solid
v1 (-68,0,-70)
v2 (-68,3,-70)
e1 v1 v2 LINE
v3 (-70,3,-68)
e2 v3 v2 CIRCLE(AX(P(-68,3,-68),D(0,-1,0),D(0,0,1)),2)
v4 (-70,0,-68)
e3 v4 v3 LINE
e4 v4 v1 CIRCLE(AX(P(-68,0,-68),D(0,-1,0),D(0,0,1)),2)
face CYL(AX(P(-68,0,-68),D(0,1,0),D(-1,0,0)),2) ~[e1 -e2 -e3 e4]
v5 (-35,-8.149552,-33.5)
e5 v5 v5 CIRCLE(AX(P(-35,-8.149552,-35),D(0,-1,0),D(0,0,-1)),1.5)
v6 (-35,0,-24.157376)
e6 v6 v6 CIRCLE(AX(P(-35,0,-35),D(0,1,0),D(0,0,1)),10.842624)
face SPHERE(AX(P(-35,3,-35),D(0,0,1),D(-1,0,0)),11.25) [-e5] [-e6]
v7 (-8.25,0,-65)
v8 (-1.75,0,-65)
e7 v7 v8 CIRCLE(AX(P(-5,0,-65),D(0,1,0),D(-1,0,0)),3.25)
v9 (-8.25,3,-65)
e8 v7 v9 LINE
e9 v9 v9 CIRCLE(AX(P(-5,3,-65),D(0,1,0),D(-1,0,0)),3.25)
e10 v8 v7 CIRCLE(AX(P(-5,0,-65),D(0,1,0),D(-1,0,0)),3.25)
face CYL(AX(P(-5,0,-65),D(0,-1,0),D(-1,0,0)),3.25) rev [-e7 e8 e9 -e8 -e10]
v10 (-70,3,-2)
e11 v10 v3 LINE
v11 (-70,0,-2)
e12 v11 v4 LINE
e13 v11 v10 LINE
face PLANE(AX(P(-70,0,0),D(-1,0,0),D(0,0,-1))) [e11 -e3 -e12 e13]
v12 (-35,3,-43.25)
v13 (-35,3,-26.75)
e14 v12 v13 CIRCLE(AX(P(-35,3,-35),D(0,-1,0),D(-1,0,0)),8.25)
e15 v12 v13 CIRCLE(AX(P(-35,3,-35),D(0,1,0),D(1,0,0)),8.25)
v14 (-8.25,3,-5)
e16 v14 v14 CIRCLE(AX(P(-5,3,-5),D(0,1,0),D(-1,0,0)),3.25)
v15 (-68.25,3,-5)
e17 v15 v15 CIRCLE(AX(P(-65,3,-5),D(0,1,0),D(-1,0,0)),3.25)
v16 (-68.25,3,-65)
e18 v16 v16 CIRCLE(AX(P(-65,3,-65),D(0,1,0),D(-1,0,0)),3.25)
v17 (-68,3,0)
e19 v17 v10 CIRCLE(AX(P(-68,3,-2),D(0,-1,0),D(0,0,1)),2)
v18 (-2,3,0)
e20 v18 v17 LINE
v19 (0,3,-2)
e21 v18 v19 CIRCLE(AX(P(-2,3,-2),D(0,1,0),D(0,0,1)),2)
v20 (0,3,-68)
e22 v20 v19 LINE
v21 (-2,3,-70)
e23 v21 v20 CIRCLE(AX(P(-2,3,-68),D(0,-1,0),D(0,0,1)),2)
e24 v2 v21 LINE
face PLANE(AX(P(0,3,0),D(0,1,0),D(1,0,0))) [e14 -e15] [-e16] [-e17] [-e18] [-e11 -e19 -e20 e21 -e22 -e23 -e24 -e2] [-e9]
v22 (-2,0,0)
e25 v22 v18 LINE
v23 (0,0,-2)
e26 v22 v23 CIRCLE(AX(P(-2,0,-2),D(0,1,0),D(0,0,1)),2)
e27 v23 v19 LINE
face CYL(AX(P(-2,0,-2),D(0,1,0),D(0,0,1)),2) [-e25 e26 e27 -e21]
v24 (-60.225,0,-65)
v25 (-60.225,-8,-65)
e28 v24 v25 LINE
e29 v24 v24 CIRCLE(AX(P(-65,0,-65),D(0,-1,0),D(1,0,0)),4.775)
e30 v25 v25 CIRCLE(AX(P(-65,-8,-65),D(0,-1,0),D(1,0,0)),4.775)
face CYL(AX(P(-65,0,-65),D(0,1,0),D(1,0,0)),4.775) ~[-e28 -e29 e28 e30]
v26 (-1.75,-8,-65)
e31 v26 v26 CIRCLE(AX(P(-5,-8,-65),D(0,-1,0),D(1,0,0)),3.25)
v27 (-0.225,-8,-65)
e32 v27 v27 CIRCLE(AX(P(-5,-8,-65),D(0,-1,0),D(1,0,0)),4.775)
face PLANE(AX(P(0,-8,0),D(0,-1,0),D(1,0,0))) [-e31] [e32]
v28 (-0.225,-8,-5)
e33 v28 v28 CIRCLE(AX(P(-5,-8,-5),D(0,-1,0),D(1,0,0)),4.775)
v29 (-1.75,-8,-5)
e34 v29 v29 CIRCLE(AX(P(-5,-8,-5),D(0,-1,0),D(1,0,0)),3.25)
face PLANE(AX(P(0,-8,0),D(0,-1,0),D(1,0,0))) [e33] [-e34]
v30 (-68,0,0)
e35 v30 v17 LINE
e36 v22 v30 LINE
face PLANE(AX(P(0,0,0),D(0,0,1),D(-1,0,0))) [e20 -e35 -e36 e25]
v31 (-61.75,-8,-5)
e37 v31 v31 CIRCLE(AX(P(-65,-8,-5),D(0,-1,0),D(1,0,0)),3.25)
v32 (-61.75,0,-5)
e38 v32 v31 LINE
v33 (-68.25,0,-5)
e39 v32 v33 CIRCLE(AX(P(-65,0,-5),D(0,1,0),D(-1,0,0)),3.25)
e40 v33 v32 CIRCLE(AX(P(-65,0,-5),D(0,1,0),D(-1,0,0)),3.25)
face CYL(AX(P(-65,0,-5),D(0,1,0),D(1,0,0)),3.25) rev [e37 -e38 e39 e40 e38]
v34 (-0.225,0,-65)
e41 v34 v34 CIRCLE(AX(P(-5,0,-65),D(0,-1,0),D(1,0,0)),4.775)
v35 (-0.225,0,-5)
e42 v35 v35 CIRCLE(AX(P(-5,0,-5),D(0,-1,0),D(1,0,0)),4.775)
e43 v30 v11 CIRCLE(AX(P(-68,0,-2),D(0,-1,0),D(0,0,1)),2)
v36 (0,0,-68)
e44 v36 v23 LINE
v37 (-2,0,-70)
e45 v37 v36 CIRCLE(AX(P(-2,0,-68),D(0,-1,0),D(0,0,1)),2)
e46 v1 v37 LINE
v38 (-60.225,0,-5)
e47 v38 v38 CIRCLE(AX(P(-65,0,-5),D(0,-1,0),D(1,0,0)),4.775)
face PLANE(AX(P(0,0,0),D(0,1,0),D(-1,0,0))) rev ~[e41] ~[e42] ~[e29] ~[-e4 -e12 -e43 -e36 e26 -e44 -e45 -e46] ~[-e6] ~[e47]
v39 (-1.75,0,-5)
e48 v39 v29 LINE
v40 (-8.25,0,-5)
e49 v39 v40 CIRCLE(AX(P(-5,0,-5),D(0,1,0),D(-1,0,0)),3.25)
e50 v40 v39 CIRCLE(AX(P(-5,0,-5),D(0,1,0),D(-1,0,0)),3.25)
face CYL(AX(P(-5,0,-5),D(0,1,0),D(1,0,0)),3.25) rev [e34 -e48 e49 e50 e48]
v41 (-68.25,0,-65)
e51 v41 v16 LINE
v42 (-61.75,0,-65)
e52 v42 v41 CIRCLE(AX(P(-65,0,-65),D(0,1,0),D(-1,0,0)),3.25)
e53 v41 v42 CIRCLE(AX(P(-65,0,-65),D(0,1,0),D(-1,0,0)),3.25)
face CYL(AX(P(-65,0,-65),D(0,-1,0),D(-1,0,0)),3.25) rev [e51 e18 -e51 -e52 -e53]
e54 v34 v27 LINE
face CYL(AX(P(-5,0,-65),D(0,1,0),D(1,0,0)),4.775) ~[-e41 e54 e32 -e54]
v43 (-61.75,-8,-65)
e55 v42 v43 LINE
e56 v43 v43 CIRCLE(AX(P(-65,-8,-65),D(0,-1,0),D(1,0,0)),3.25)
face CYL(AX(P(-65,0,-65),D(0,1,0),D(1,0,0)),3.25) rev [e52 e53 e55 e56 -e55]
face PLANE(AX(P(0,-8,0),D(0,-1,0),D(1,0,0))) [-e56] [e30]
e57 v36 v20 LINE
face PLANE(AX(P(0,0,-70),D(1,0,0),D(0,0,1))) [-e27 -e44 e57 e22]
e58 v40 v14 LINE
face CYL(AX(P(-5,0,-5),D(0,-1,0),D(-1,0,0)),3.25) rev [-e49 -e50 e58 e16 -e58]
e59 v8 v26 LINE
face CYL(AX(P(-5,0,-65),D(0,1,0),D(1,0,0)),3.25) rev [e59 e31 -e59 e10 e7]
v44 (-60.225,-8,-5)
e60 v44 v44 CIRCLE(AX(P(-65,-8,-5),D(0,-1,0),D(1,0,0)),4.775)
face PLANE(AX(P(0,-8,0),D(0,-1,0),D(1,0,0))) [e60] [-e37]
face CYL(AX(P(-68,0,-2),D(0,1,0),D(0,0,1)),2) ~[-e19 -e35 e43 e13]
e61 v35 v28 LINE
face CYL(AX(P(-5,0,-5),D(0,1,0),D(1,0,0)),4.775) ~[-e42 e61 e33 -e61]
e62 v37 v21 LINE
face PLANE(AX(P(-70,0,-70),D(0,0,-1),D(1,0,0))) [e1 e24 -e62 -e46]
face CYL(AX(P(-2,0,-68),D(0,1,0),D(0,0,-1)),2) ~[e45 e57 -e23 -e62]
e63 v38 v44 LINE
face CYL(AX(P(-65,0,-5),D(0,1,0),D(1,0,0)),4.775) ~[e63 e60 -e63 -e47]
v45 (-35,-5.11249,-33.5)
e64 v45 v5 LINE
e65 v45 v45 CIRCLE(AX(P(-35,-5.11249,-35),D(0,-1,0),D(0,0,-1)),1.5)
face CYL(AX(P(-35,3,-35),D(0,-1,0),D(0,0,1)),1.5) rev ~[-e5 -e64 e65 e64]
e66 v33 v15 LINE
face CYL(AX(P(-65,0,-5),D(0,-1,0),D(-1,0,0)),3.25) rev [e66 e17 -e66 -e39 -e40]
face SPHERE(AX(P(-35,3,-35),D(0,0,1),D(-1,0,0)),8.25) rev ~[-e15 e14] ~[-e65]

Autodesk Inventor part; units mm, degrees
ref_plane "YZ Plane" through (0, 0, 0) normal (1, 0, 0) x (0, 1, 0)
ref_plane "XZ Plane" through (0, 0, 0) normal (0, 1, 0) x (-1, 0, 0)
ref_plane "XY Plane" through (0, 0, 0) normal (0, 0, 1) x (1, 0, 0)
sketch "Sketch1" plane through (0, 0, 0) normal (0, 1, 0) x (-1, 0, 0)
  line L0 (0, 0) -> (70, 0)
  line L1 (70, 0) -> (70, -70)
  line L2 (70, -70) -> (0, -70)
  line L3 (0, -70) -> (0, 0)
  circle A0 centre (5, -5) radius 3.25
  circle A1 centre (5, -65) radius 3.25
  circle A2 centre (65, -5) radius 3.25
  circle A3 centre (65, -65) radius 3.25
  dimension "d0" = 70
  dimension "d1" = 6.5
  dimension "d4" = 60
  dimension "d7" = 60
  dimension "d10" = 5
  dimension "d11" = 5
extrude "Extrusion1" add sketch "Sketch1" along normal blind 3
fillet "Fillet1" radius 2 4 edges at (-70, 1.5, 0) (-70, 1.5, -70) (0, 1.5, -70) (0, 1.5, 0)
sketch "Sketch2" plane through (0, 3, 0) normal (0, 1, 0) x (1, 0, 0)
  line L0 (-70, 68) -> (-70, 2) construction
  line L1 (-70, 35) -> (0, 35) construction
  line L2 (0, 2) -> (0, 68) construction
  line L3 (-68, 0) -> (-2, 0) construction
  line L4 (-35, 0) -> (-35, 70) construction
  line L5 (-2, 70) -> (-68, 70) construction
  arc A0 (-35, 43.25) -> (-35, 26.75) centre (-35, 35) ccw
  arc A1 (-35, 46.25) -> (-35, 23.75) centre (-35, 35) ccw
  line L6 (-35, 23.75) -> (-35, 26.75)
  line L7 (-35, 43.25) -> (-35, 46.25)
  point P0 (0, 0)
  dimension "d17" = 8.25
  dimension "d19" = 3
revolve "Revolution1" add sketch "Sketch2" angle 180 about axis through (-35, 3, 0) along (0, 0, 1)
sketch "Sketch3" plane through (0, 3, 0) normal (0, 1, 0) x (1, 0, 0)
  circle A0 centre (-35, 35) radius 8.25
  circle A1 centre (-35, 35) radius 7.6852 projected
  line L0 (-35, 43.25) -> (-35, 26.75)
  point P0 (0, 0)
  dimension "d40" = 16.5
revolve "Revolution2" cut sketch "Sketch3" angle 180 about axis through (-35, 3, -43.25) along (0, 0, 1) picked at (-42.6965, 37.215) picked at (-37.7213, 33.6192) contours L0 A1 A0 | L0 A1
sketch "Sketch4" plane through (0, 3, 0) normal (0, 1, 0) x (1, 0, 0)
  circle A0 centre (-35, 35) radius 7.6852 projected
  point P0 (0, 0)
hole "Hole1" at (-35, 3, -35) direction (0, -1, 0) diameter 3 end through all
sketch "Sketch5" plane through (0, 0, 0) normal (0, -1, 0) x (1, 0, 0)
  circle A0 centre (-5, -5) radius 3.25 projected
  circle A1 centre (-5, -5) radius 4.775
  circle A2 centre (-5, -5) radius 3.25
  line L0 (-68, 0) -> (-2, 0) projected
  line L1 (0, -2) -> (0, -68) projected
  circle A3 centre (-65, -5) radius 4.775
  circle A4 centre (-65, -5) radius 3.25
  circle A5 centre (-5, -65) radius 4.775
  circle A6 centre (-5, -65) radius 3.25
  circle A7 centre (-65, -65) radius 4.775
  circle A8 centre (-65, -65) radius 3.25
  point P0 (0, 0)
  dimension "d29" = 9.55
  dimension "d32" = 60
  dimension "d35" = 60
extrude "Extrusion2" add sketch "Sketch5" along normal blind 8
equation "\"d0\" = cradle_width"
equation "\"d1\" = rod_diameter + rod_free_tolerance"
equation "\"d4\" = rod_dist"
equation "\"d7\" = rod_dist"
equation "\"d10\" = 0.5 * cradle_width - 0.5 * rod_dist"
equation "\"d11\" = 0.5 * cradle_width - 0.5 * rod_dist"
equation "\"d12\" = cradle_holder_thickness"
equation "\"d17\" = 0.5 * tube_diameter"
equation "\"d19\" = cradle_holder_thickness"
equation "\"d40\" = tube_diameter"
equation "\"d22\" = needle_hole_diameter"
equation "\"d29\" = post_diameter - post_wall_diameter"
equation "\"d32\" = rod_dist"
equation "\"d35\" = rod_dist"
equation "\"d38\" = cradle_holder_peg_depth"
equation "\"cradle_width\" = 70"
equation "\"cradle_holder_peg_depth\" = 8"
equation "\"tube_diameter\" = 16.5"
equation "\"rod_dist\" = 60"
equation "\"rod_diameter\" = 6"
equation "\"rod_free_tolerance\" = 0.5"
equation "\"cradle_holder_thickness\" = 3"
equation "\"needle_hole_diameter\" = 3"
equation "\"post_diameter\" = 10.2"
equation "\"post_wall_diameter\" = 0.65"
properties part number "cradle_holder"
